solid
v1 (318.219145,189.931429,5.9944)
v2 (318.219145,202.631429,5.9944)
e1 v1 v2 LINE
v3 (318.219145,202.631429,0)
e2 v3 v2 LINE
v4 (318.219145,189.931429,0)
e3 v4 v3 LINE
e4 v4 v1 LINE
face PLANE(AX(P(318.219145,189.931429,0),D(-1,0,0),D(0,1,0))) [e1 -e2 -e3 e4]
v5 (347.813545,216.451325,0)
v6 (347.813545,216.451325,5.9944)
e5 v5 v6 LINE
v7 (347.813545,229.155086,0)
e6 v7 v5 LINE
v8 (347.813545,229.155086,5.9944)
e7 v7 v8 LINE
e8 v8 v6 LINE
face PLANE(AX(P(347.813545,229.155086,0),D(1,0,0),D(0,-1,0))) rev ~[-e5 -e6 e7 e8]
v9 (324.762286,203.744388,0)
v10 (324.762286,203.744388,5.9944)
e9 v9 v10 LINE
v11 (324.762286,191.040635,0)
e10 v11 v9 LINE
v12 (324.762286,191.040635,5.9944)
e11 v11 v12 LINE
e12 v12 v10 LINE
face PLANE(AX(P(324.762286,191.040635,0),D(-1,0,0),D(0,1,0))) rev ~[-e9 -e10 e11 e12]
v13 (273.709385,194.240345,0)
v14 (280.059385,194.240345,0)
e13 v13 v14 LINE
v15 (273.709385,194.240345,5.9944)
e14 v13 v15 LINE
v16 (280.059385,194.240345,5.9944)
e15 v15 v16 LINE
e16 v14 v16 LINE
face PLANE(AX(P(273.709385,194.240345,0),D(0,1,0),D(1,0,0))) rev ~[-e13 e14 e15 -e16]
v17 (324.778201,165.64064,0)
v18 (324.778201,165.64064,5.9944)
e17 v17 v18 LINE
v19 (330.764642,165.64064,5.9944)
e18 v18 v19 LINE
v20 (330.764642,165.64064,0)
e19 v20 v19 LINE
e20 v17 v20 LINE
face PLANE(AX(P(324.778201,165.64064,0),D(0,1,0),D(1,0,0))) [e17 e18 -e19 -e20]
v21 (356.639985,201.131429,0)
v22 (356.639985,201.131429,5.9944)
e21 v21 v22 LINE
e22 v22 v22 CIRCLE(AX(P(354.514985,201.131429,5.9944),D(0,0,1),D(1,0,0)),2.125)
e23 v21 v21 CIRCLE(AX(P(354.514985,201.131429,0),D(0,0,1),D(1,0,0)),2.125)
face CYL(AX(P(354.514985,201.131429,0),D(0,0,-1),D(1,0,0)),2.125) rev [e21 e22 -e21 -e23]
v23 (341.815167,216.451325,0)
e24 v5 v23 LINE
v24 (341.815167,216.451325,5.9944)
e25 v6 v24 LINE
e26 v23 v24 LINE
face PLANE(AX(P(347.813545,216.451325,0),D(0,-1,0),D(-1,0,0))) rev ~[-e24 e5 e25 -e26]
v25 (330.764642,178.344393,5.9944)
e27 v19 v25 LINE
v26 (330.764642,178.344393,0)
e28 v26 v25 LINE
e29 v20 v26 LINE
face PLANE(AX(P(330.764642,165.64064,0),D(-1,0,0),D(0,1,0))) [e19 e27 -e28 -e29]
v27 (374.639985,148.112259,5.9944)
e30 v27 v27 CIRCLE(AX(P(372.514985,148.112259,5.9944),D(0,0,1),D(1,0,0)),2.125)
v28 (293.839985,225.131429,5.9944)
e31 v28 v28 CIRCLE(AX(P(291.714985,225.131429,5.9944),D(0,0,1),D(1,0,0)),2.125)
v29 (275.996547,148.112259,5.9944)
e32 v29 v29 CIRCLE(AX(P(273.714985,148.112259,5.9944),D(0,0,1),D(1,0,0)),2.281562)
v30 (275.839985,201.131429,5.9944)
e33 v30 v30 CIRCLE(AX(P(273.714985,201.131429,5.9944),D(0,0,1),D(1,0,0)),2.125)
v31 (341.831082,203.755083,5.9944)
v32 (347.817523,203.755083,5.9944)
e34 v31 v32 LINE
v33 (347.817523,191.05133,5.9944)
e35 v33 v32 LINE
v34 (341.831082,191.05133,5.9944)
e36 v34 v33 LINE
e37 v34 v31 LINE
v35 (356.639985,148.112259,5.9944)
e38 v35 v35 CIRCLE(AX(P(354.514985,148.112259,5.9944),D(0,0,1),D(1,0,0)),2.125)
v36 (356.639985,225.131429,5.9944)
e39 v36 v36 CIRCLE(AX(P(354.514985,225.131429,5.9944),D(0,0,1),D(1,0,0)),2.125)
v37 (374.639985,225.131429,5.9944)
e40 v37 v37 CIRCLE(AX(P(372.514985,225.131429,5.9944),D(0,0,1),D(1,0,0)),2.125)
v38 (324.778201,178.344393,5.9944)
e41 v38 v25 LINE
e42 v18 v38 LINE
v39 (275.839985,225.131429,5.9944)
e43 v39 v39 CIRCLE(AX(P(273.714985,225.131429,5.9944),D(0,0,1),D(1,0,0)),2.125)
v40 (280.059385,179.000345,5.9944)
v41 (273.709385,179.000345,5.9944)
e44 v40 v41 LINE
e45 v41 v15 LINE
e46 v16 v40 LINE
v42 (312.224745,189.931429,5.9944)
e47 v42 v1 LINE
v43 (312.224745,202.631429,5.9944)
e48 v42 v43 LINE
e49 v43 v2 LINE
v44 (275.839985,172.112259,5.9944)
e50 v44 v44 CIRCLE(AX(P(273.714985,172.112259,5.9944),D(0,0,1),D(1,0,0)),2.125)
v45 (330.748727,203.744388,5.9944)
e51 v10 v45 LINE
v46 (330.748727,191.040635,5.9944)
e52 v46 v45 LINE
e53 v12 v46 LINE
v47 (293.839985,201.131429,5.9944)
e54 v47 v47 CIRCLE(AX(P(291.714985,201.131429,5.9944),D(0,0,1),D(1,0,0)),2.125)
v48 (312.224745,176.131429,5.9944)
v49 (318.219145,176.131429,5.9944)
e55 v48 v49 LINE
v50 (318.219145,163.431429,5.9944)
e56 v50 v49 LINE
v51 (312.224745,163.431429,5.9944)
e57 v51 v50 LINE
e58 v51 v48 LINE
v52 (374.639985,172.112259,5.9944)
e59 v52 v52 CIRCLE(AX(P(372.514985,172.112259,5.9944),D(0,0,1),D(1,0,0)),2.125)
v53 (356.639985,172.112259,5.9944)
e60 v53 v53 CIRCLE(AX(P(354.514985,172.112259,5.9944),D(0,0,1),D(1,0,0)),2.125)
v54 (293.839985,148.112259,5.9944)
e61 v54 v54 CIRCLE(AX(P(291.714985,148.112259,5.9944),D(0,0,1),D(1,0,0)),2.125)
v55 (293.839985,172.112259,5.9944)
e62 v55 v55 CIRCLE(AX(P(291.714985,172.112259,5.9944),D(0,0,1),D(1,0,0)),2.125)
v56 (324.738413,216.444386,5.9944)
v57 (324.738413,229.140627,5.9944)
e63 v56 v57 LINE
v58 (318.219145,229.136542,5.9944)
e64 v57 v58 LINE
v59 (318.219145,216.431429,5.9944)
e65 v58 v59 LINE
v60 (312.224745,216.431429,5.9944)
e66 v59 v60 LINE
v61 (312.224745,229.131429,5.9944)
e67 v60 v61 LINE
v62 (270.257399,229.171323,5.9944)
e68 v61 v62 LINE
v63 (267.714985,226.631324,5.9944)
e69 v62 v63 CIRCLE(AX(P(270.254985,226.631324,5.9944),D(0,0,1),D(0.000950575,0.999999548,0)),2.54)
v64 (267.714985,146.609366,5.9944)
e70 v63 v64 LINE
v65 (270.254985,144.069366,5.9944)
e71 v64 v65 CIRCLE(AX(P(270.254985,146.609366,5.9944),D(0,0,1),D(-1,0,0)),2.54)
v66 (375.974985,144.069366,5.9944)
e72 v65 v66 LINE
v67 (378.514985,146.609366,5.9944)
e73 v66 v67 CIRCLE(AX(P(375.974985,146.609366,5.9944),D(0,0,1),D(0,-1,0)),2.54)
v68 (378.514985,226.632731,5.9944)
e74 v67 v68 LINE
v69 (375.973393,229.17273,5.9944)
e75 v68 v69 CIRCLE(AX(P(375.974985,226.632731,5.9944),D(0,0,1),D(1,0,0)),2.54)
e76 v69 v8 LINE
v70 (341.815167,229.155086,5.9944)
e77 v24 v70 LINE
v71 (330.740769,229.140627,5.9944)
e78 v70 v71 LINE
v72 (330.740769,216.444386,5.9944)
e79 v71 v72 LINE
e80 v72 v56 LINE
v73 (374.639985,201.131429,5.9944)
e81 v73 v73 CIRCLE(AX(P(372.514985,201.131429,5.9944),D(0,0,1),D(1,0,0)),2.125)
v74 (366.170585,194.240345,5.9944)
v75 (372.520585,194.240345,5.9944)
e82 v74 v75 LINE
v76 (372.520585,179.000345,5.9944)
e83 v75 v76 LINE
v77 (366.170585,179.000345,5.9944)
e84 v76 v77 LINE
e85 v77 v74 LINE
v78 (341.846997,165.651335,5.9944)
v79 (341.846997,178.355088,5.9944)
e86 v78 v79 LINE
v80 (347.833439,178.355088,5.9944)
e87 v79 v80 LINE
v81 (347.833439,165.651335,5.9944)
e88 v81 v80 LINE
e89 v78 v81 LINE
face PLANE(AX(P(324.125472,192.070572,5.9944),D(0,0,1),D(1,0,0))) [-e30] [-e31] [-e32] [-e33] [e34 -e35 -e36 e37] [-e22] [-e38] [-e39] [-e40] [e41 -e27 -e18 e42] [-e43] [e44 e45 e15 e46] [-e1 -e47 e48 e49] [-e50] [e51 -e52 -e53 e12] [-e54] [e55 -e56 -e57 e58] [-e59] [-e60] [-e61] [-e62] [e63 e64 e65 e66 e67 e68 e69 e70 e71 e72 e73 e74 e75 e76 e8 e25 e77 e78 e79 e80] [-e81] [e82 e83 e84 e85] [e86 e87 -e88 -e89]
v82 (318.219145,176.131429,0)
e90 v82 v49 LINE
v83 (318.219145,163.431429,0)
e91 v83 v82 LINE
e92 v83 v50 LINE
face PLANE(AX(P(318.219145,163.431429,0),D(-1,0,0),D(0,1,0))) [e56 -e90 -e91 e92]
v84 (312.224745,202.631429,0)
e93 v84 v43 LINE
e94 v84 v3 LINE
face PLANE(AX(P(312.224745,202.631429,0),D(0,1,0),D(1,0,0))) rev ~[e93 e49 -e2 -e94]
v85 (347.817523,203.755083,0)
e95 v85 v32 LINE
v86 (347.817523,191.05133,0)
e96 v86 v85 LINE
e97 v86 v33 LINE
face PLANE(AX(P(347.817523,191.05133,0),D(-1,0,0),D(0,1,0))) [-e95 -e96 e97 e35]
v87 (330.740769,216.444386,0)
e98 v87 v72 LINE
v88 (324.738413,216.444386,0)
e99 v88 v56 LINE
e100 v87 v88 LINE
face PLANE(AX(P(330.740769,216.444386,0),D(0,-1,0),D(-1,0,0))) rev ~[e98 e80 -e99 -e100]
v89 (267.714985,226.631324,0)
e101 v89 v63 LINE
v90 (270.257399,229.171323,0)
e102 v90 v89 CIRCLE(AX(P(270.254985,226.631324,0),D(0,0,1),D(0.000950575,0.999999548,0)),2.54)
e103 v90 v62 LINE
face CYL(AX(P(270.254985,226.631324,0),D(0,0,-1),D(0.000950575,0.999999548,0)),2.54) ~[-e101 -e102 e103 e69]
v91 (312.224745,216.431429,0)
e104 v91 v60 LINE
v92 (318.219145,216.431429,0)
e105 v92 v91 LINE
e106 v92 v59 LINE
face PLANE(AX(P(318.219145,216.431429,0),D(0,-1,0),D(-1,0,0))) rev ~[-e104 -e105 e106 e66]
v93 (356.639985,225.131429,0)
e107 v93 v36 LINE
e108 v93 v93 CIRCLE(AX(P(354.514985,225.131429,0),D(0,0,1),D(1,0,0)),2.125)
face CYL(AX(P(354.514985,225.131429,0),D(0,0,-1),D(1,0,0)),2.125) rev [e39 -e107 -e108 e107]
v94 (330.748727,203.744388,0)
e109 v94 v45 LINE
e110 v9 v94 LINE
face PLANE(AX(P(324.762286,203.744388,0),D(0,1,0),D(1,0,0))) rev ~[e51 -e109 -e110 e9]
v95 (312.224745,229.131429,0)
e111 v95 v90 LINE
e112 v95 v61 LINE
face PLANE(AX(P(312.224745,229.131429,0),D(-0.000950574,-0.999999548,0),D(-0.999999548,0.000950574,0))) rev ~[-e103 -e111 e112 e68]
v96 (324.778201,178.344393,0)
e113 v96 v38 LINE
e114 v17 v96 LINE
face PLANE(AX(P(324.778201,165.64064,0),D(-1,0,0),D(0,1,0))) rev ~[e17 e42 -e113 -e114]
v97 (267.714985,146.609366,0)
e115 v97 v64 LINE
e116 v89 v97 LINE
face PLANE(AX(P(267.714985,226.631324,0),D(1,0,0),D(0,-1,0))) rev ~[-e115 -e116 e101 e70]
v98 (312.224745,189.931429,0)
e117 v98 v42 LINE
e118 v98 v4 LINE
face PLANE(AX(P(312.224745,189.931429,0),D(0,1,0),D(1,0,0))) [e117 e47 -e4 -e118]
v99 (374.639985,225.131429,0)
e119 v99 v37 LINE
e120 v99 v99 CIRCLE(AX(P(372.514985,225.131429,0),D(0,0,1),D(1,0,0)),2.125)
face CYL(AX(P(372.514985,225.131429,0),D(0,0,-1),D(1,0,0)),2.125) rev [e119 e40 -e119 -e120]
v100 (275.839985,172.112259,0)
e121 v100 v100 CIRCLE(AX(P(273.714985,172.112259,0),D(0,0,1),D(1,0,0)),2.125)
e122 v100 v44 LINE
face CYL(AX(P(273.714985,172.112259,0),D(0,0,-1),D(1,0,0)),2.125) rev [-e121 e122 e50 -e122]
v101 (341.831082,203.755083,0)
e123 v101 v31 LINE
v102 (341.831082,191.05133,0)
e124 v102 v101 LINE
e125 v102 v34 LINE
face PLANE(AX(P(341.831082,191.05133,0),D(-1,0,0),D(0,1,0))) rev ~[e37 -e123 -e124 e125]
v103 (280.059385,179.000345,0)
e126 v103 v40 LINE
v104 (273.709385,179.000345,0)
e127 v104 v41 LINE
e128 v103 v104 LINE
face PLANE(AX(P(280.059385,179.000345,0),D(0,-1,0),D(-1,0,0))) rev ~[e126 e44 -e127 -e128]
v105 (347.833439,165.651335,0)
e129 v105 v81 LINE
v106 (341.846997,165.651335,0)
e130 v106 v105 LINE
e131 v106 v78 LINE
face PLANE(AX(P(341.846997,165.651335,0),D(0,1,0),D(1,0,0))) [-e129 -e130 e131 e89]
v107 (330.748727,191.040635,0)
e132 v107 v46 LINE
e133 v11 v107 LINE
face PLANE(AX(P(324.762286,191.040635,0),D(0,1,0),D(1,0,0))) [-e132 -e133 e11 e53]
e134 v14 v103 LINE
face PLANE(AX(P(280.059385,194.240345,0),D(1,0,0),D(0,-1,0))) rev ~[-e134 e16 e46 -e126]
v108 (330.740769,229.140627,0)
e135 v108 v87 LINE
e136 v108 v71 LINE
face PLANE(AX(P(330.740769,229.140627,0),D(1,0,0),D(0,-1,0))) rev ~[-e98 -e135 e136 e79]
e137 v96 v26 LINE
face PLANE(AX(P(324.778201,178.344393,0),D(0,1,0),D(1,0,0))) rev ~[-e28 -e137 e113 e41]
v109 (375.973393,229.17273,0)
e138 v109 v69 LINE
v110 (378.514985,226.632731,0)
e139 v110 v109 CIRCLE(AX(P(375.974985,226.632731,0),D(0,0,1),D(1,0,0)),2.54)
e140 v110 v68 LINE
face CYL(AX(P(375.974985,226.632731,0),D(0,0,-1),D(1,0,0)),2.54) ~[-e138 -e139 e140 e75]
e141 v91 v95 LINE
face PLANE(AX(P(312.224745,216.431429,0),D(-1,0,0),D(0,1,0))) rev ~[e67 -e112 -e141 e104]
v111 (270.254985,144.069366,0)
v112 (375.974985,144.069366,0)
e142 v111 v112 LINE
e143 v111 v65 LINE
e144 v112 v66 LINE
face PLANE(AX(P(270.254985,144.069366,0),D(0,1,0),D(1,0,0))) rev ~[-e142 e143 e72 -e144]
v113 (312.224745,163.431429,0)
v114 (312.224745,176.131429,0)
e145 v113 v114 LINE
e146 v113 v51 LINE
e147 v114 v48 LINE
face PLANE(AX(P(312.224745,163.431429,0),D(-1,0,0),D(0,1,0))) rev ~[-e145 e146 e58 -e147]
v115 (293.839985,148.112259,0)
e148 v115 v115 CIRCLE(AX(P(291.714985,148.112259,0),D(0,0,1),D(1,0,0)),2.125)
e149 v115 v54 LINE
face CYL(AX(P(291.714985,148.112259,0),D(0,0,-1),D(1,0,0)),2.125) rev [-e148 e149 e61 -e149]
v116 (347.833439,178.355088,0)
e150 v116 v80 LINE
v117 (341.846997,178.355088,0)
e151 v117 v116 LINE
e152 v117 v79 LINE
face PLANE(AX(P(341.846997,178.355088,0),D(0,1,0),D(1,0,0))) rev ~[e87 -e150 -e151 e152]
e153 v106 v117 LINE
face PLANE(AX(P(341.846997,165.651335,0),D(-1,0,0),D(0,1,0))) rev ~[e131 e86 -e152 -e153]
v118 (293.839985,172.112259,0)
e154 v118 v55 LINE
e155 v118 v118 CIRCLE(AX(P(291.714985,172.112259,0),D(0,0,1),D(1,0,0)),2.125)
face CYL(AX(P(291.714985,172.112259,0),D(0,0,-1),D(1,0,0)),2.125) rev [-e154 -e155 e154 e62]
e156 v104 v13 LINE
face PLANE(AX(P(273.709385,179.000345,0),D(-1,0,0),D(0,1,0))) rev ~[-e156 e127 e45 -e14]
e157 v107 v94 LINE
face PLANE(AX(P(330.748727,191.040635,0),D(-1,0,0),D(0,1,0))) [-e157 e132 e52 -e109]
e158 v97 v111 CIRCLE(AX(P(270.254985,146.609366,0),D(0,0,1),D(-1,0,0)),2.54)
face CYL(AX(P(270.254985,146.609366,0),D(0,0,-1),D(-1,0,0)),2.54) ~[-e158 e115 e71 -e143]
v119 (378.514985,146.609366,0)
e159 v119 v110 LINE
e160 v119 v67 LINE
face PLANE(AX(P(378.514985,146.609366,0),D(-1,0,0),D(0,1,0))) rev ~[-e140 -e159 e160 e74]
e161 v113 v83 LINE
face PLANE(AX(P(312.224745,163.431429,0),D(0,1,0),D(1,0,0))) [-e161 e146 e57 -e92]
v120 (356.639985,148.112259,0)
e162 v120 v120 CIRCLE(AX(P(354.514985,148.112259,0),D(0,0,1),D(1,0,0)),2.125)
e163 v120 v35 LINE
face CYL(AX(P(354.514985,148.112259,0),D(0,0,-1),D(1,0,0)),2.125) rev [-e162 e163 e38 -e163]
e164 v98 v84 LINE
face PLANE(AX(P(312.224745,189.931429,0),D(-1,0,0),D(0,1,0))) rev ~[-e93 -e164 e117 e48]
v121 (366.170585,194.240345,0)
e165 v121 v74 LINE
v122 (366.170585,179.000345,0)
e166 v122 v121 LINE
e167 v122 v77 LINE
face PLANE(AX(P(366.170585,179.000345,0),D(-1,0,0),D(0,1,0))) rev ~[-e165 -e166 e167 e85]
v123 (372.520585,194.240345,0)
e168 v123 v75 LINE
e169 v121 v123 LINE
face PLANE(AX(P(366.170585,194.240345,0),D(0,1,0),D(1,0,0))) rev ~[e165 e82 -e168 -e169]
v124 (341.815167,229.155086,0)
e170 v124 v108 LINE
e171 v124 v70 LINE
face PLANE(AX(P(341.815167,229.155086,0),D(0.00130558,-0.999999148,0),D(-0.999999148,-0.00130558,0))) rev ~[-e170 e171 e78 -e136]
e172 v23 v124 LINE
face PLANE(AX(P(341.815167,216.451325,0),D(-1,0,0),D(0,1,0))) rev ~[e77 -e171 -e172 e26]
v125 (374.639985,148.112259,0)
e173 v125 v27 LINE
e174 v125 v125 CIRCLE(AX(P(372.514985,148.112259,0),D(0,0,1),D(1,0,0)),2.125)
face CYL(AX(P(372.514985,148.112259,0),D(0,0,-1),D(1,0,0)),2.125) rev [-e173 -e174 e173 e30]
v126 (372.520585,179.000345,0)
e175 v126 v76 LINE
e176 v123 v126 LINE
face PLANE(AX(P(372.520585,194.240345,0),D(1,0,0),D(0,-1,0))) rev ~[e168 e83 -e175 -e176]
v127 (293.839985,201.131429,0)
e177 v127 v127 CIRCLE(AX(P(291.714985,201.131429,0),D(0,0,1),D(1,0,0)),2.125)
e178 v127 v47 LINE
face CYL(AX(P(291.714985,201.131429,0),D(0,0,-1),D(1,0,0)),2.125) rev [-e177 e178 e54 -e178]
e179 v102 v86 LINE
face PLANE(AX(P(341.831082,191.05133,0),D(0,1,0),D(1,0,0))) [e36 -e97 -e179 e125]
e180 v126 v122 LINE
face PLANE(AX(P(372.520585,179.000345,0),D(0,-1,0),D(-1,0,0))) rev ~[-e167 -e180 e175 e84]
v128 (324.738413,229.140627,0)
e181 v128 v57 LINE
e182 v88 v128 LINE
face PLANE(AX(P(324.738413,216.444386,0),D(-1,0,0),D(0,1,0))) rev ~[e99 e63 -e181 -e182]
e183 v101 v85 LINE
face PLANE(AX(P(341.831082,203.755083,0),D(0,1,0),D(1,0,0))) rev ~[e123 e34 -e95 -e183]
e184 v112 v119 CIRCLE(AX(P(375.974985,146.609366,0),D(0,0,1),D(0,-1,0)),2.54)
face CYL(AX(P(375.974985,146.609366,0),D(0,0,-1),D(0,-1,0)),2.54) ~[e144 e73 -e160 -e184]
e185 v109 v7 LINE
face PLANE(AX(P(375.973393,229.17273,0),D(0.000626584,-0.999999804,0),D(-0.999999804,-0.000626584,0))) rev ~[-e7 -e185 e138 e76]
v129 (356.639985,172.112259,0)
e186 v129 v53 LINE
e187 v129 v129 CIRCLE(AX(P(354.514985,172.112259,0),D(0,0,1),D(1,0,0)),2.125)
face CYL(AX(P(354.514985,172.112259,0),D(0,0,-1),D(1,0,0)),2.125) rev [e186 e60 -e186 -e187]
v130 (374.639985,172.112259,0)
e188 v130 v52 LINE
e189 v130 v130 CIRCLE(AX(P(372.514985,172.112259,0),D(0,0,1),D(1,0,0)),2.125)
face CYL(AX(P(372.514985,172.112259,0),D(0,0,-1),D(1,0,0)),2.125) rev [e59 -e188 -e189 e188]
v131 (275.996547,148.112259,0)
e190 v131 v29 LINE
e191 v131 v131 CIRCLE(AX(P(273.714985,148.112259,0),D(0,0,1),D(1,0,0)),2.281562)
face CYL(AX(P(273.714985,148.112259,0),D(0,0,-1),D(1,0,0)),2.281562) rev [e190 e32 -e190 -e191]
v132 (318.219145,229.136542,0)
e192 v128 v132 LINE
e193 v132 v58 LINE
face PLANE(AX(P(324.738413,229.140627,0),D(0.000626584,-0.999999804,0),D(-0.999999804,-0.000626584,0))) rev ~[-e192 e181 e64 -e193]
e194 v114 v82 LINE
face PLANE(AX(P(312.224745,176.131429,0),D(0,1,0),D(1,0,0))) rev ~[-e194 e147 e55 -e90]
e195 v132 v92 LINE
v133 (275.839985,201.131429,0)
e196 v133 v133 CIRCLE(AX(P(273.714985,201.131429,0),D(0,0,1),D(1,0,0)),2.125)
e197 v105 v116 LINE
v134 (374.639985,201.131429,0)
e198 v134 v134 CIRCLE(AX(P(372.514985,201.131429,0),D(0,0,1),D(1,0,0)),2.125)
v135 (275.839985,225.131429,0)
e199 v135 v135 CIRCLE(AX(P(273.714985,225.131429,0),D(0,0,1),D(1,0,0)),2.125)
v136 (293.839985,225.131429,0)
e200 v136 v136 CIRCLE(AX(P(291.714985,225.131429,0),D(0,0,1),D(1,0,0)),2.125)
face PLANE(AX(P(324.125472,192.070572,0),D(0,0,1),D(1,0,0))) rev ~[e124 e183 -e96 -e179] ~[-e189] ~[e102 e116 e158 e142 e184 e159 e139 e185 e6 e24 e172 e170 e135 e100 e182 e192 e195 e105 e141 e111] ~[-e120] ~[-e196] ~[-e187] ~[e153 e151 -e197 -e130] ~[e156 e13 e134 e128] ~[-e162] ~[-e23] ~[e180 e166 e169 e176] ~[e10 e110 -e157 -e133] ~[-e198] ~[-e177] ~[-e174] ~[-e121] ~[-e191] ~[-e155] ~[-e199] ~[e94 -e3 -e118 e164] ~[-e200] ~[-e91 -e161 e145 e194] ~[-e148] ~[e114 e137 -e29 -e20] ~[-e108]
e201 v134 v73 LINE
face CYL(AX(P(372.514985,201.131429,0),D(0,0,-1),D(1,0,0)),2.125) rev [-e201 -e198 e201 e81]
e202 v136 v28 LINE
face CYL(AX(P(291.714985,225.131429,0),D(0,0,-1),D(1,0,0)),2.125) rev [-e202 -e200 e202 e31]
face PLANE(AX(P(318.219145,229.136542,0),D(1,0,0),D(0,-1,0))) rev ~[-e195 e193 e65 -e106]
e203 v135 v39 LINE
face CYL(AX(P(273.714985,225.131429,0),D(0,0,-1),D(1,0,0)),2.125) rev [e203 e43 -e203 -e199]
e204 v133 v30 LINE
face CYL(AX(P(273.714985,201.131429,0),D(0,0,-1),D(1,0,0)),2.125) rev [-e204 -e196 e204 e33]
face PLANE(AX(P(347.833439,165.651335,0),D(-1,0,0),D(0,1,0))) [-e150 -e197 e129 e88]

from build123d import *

# Parameters (mm, degrees)
SKETCH1_R           = 2.281562065
SKETCH1_R_2         = 2.125
SKETCH1_W           = 5.9944
SKETCH1_H           = 12.7
SKETCH1_W_2         = 5.986441201
SKETCH1_H_2         = 12.703753504
SKETCH1_W_3         = 5.986441202
BOSS_EXTRUDE1_DEPTH = 5.9944


with BuildPart() as part:
    # Sketch1 → Boss-Extrude1 (new body)
    with BuildSketch(Plane.XY):
        with BuildLine():
            Line((270.254984812, 144.069366267), (333.659384812, 144.069366267))
            Line((333.659384812, 144.069366267), (339.653784812, 144.069366267))
            Line((339.653784812, 144.069366267), (375.974984812, 144.069366267))
            ThreePointArc((375.974984812, 144.069366267), (377.771036036, 144.813315043), (378.514984812, 146.609366267))
            Line((378.514984812, 146.609366267), (378.514984812, 226.632730682))
            ThreePointArc((378.514984812, 226.632730682), (377.770473259, 228.429344507), (375.973393287, 229.172730183))
            Line((375.973393287, 229.172730183), (347.813544609, 229.155085658))
            Line((347.813544609, 229.155085658), (347.813544609, 216.451324674))
            Line((347.813544609, 216.451324674), (341.815166975, 216.451324674))
            Line((341.815166975, 216.451324674), (341.815166975, 229.155085658))
            Line((341.815166975, 229.155085658), (330.740769149, 229.140627138))
            Line((330.740769149, 229.140627138), (330.740769149, 216.444385628))
            Line((330.740769149, 216.444385628), (324.738412704, 216.444385628))
            Line((324.738412704, 216.444385628), (324.738412704, 229.140627138))
            Line((324.738412704, 229.140627138), (318.219144609, 229.136542265))
            Line((318.219144609, 229.136542265), (318.219144609, 216.431429486))
            Line((318.219144609, 216.431429486), (312.224744609, 216.431429486))
            Line((312.224744609, 216.431429486), (312.224744609, 229.131429486))
            Line((312.224744609, 229.131429486), (270.25739927, 229.171322574))
            ThreePointArc((270.25739927, 229.171322574), (268.45978743, 228.428228383), (267.714984812, 226.631323721))
            Line((267.714984812, 226.631323721), (267.714984812, 146.609366267))
            ThreePointArc((267.714984812, 146.609366267), (268.458933587, 144.813315043), (270.254984812, 144.069366267))
        make_face()
        with Locations((273.714984812, 148.112259486)):
            Circle(SKETCH1_R, mode=Mode.SUBTRACT)
        with Locations((291.714984812, 148.112259486)):
            Circle(SKETCH1_R_2, mode=Mode.SUBTRACT)
        with Locations((273.714984812, 172.112259486)):
            Circle(SKETCH1_R_2, mode=Mode.SUBTRACT)
        with Locations((291.714984812, 172.112259486)):
            Circle(SKETCH1_R_2, mode=Mode.SUBTRACT)
        Polygon((273.709384812, 179.000344994), (273.709384812, 186.620344994), (273.709384812, 194.240344994), (280.059384812, 194.240344994), (280.059384812, 179.000344994), align=None, mode=Mode.SUBTRACT)
        with Locations((315.221944609, 169.781429486)):
            Rectangle(SKETCH1_W, SKETCH1_H, mode=Mode.SUBTRACT)
        with Locations((354.514984812, 148.112259486)):
            Circle(SKETCH1_R_2, mode=Mode.SUBTRACT)
        with Locations((372.514984812, 148.112259486)):
            Circle(SKETCH1_R_2, mode=Mode.SUBTRACT)
        with Locations((327.771421413, 171.992516355)):
            Rectangle(SKETCH1_W_2, SKETCH1_H_2, mode=Mode.SUBTRACT)
        with Locations((344.840218063, 172.003211399)):
            Rectangle(SKETCH1_W_3, SKETCH1_H_2, mode=Mode.SUBTRACT)
        with Locations((354.514984812, 172.112259486)):
            Circle(SKETCH1_R_2, mode=Mode.SUBTRACT)
        with Locations((372.514984812, 172.112259486)):
            Circle(SKETCH1_R_2, mode=Mode.SUBTRACT)
        Polygon((372.520584812, 186.620344994), (372.520584812, 179.000344994), (366.170584812, 179.000344994), (366.170584812, 194.240344994), (372.520584812, 194.240344994), align=None, mode=Mode.SUBTRACT)
        with Locations((273.714984812, 201.131429486)):
            Circle(SKETCH1_R_2, mode=Mode.SUBTRACT)
        with Locations((291.714984812, 201.131429486)):
            Circle(SKETCH1_R_2, mode=Mode.SUBTRACT)
        with Locations((315.221944609, 196.281429486)):
            Rectangle(SKETCH1_W, SKETCH1_H, mode=Mode.SUBTRACT)
        with Locations((273.714984812, 225.131429486)):
            Circle(SKETCH1_R_2, mode=Mode.SUBTRACT)
        with Locations((291.714984812, 225.131429486)):
            Circle(SKETCH1_R_2, mode=Mode.SUBTRACT)
        with Locations((327.75550617, 197.392511369)):
            Rectangle(SKETCH1_W_3, SKETCH1_H_2, mode=Mode.SUBTRACT)
        with Locations((344.82430282, 197.403206413)):
            Rectangle(SKETCH1_W_2, SKETCH1_H_2, mode=Mode.SUBTRACT)
        with Locations((354.514984812, 201.131429486)):
            Circle(SKETCH1_R_2, mode=Mode.SUBTRACT)
        with Locations((372.514984812, 201.131429486)):
            Circle(SKETCH1_R_2, mode=Mode.SUBTRACT)
        with Locations((354.514984812, 225.131429486)):
            Circle(SKETCH1_R_2, mode=Mode.SUBTRACT)
        with Locations((372.514984812, 225.131429486)):
            Circle(SKETCH1_R_2, mode=Mode.SUBTRACT)
    extrude(amount=BOSS_EXTRUDE1_DEPTH)


solid = part.part
